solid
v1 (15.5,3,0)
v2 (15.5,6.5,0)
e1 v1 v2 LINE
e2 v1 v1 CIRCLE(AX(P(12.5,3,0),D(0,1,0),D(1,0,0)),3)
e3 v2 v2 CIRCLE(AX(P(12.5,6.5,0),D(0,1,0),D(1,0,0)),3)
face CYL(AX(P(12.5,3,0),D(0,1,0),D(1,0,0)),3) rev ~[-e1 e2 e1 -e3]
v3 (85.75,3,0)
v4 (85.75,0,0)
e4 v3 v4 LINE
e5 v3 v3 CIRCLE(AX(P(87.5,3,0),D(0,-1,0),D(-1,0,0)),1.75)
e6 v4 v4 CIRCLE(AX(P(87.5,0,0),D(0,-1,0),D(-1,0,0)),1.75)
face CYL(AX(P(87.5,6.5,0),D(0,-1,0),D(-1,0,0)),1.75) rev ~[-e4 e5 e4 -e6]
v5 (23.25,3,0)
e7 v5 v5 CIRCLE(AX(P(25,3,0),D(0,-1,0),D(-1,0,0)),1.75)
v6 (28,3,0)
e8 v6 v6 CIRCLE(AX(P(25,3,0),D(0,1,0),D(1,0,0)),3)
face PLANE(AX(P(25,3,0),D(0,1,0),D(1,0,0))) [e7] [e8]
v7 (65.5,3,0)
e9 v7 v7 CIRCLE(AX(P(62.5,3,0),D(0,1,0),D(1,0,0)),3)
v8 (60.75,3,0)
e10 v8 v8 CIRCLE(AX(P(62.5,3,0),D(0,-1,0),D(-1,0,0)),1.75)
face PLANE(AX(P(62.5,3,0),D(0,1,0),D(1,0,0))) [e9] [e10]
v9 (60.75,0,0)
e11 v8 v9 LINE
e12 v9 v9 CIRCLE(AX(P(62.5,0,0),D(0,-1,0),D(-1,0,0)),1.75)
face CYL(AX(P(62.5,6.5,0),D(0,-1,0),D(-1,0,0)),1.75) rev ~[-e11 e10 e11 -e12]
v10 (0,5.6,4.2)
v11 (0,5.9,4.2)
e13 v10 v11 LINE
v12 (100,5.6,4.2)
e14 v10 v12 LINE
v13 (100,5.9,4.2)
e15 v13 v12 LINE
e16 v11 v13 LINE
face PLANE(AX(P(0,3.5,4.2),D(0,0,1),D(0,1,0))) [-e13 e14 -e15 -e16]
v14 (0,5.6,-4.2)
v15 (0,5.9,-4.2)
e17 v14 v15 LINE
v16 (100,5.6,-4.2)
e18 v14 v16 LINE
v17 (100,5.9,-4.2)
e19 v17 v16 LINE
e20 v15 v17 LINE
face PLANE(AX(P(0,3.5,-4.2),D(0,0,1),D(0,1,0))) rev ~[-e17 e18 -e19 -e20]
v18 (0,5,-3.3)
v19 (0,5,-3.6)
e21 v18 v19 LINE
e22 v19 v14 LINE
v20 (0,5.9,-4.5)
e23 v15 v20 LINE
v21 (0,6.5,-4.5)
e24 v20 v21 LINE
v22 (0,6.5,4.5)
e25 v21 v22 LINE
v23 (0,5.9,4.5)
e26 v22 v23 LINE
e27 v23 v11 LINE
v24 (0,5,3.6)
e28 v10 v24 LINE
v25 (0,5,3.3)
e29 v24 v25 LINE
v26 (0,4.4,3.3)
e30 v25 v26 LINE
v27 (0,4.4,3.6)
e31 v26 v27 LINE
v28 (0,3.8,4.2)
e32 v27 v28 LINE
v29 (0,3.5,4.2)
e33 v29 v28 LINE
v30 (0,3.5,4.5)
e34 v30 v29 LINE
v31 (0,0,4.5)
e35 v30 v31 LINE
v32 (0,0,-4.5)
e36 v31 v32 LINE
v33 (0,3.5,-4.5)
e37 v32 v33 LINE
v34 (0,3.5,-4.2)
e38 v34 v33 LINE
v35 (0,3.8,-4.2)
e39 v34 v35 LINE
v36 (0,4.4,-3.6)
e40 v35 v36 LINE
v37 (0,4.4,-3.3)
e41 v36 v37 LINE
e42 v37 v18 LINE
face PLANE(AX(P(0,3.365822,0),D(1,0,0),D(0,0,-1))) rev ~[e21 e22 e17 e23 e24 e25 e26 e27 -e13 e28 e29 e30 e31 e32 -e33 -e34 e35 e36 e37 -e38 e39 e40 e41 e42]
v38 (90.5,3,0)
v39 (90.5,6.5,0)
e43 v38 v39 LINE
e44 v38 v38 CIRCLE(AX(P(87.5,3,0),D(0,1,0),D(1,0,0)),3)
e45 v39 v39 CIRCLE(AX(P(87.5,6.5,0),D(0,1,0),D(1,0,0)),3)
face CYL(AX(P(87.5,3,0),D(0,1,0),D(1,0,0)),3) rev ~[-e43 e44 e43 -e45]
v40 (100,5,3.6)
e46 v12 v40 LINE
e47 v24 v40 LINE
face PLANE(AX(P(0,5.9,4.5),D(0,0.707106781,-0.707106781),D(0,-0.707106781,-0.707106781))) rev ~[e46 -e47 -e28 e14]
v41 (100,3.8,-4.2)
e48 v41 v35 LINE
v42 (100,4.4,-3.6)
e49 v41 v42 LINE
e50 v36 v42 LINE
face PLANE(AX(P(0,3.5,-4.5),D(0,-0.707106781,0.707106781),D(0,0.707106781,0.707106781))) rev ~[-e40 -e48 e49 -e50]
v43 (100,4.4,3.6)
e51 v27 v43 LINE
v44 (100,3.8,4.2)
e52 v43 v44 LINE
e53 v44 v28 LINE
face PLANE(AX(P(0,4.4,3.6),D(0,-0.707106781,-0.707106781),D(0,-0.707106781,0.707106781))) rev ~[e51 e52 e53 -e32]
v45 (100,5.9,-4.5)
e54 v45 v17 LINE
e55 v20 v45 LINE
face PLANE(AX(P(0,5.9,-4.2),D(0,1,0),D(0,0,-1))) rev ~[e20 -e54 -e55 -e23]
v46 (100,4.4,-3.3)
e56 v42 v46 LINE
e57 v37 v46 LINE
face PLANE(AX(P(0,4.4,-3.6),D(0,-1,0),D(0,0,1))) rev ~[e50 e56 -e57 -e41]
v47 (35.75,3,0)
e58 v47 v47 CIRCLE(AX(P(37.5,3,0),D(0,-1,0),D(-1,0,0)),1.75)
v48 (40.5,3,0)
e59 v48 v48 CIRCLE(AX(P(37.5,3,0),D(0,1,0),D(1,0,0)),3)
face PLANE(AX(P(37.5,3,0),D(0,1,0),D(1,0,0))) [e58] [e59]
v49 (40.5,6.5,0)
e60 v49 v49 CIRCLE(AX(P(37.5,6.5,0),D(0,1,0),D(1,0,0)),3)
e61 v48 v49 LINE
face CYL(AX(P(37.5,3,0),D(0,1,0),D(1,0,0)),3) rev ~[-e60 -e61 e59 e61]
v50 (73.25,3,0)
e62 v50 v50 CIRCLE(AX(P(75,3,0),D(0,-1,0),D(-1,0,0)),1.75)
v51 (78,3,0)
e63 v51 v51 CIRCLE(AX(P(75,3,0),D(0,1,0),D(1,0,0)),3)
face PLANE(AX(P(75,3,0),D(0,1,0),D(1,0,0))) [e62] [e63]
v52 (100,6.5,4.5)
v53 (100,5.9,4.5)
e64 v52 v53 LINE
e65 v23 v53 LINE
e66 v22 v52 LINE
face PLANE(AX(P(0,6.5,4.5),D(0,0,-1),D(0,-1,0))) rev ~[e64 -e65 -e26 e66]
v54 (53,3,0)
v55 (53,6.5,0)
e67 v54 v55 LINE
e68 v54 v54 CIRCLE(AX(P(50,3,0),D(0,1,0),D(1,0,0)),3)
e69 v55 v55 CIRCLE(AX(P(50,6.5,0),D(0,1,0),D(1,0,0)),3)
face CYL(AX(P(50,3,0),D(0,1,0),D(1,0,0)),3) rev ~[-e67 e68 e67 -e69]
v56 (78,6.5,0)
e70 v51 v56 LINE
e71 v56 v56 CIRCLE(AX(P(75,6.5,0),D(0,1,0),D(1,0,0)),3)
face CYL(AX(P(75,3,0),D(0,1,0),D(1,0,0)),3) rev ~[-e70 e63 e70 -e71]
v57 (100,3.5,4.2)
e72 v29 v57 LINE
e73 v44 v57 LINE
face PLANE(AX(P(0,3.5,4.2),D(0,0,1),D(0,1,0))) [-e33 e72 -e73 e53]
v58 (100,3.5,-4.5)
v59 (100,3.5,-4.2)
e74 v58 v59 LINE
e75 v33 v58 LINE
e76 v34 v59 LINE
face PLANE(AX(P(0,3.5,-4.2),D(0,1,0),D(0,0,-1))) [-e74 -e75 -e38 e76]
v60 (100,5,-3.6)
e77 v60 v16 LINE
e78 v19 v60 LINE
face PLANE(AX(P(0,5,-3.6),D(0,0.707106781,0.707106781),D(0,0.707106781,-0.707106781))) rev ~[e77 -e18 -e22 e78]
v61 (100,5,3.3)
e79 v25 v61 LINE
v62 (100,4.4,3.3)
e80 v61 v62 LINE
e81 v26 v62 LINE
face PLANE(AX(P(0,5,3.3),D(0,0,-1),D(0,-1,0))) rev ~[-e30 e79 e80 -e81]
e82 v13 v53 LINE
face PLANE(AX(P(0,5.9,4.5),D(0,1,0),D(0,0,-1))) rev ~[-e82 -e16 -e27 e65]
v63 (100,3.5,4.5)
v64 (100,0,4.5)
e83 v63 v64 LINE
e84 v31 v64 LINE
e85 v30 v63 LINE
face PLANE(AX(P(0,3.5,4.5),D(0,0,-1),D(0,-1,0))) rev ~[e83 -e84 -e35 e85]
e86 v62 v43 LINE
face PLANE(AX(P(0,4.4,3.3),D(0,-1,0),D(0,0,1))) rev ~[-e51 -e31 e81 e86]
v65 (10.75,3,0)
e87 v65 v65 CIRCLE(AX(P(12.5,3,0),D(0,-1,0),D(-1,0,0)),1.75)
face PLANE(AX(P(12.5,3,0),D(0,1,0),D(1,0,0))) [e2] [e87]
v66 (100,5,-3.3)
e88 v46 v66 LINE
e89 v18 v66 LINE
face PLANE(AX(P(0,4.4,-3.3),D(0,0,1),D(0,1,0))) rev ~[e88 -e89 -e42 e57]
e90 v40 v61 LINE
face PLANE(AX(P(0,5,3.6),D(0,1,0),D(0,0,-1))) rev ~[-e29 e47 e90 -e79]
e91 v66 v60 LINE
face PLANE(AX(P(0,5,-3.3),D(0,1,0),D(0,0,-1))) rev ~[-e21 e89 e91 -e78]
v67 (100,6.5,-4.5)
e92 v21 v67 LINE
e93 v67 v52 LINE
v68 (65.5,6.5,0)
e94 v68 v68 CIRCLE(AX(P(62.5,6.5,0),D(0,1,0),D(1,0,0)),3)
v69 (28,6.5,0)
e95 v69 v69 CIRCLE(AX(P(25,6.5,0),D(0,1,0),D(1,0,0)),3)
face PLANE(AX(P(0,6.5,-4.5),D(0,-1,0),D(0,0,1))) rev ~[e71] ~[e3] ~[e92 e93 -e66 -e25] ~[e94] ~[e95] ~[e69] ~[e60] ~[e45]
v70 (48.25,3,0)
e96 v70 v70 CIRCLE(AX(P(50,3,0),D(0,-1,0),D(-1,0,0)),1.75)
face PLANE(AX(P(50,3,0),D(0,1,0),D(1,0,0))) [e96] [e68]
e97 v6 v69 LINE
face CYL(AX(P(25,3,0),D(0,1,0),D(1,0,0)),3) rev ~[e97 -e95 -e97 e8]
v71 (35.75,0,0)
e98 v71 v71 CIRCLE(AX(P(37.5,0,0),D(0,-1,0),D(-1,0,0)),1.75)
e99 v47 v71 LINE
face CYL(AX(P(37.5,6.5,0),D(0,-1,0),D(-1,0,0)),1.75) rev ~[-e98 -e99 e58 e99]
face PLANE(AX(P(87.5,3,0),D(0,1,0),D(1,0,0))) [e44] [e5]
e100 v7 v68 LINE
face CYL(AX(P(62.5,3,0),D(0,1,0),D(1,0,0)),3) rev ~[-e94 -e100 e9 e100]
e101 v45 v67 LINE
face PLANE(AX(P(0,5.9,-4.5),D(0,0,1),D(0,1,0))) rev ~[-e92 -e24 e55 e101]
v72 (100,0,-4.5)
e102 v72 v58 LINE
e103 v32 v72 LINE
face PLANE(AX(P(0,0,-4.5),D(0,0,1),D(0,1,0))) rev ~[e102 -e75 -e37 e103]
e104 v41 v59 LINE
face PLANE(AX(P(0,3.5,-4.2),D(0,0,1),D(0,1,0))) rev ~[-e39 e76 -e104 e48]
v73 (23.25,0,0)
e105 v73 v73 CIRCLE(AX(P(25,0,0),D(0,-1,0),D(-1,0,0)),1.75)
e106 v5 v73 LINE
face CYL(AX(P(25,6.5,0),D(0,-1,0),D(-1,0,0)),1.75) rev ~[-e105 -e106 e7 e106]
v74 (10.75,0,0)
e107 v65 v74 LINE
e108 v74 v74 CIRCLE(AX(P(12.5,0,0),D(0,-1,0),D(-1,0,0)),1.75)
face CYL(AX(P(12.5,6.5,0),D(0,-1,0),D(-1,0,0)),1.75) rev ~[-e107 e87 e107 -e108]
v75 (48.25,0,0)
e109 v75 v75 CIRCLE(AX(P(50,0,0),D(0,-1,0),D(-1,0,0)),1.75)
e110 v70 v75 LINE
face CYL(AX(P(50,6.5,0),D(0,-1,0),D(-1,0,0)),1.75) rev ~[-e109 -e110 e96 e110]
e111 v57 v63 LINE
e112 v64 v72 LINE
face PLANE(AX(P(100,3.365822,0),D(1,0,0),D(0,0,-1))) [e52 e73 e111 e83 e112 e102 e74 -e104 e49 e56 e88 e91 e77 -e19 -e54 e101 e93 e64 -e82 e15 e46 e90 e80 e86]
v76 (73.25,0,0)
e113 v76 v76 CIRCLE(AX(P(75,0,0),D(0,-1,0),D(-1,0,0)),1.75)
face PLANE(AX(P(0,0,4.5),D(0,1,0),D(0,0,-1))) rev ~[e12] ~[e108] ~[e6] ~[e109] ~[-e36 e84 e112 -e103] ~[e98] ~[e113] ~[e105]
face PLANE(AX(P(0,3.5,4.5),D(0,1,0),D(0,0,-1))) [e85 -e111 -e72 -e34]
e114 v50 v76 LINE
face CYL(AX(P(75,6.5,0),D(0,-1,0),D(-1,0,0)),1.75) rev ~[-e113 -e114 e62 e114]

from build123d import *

# Parameters (mm, degrees)
BOSS_EXTRU_1_DEPTH                                 = 100
ESQUISSE2_W                                        = 0.3
ESQUISSE2_H                                        = 2.4
ENL_V_MAT_EXTRU_1_DEPTH                            = 101.312013239
CHAMBRAGE_POUR_VIS_T_TE_HEXAGONALE_M31_D           = 3.5
CHAMBRAGE_POUR_VIS_T_TE_HEXAGONALE_M31_CBORE_D     = 6
CHAMBRAGE_POUR_VIS_T_TE_HEXAGONALE_M31_CBORE_DEPTH = 3.5
R_P_TITION_LIN_AIRE1_COUNT                         = 7
R_P_TITION_LIN_AIRE1_PITCH                         = 12.5


with BuildPart() as part:
    # Esquisse1 → Boss.-Extru.1 (new body)
    with BuildSketch(Plane(origin=(0, 0, 0), x_dir=(0, 0, -1), z_dir=(1, 0, 0))):
        Polygon((-4.5, 0), (4.5, 0), (4.5, 3.5), (3.6, 4.4), (3.3, 4.4), (3.3, 5), (3.6, 5), (4.5, 5.9), (4.5, 6.5), (-4.5, 6.5), (-4.5, 5.9), (-3.6, 5), (-3.3, 5), (-3.3, 4.4), (-3.6, 4.4), (-4.5, 3.5), align=None)
    extrude(amount=BOSS_EXTRU_1_DEPTH)

    # Esquisse2 → Enlèv. mat.-Extru.1 (cut, through all)
    with BuildSketch(Plane(origin=(0, 0, 0), x_dir=(0, 0, -1), z_dir=(1, 0, 0))):
        with Locations((4.35, 4.7)):
            Rectangle(ESQUISSE2_W, ESQUISSE2_H)
        with Locations((-4.35, 4.7)):
            Rectangle(ESQUISSE2_W, ESQUISSE2_H)
    extrude(amount=ENL_V_MAT_EXTRU_1_DEPTH, mode=Mode.SUBTRACT)

    # Chambrage pour vis à tête hexagonale M31 (through all)
    with Locations(Plane(origin=(0, 6.5, 0), x_dir=(1, 0, 0), z_dir=(0, 1, 0))):
        with Locations((12.5, 0)):
            chambrage_pour_vis_t_te_hexagonale_m31 = CounterBoreHole(CHAMBRAGE_POUR_VIS_T_TE_HEXAGONALE_M31_D / 2, CHAMBRAGE_POUR_VIS_T_TE_HEXAGONALE_M31_CBORE_D / 2, CHAMBRAGE_POUR_VIS_T_TE_HEXAGONALE_M31_CBORE_DEPTH)

    # Répétition linéaire1: Chambrage pour vis à tête hexagonale M31 ×7
    with Locations(*[(i * R_P_TITION_LIN_AIRE1_PITCH, 0, 0) for i in range(1, R_P_TITION_LIN_AIRE1_COUNT)]):
        add(chambrage_pour_vis_t_te_hexagonale_m31, mode=Mode.SUBTRACT)


solid = part.part
